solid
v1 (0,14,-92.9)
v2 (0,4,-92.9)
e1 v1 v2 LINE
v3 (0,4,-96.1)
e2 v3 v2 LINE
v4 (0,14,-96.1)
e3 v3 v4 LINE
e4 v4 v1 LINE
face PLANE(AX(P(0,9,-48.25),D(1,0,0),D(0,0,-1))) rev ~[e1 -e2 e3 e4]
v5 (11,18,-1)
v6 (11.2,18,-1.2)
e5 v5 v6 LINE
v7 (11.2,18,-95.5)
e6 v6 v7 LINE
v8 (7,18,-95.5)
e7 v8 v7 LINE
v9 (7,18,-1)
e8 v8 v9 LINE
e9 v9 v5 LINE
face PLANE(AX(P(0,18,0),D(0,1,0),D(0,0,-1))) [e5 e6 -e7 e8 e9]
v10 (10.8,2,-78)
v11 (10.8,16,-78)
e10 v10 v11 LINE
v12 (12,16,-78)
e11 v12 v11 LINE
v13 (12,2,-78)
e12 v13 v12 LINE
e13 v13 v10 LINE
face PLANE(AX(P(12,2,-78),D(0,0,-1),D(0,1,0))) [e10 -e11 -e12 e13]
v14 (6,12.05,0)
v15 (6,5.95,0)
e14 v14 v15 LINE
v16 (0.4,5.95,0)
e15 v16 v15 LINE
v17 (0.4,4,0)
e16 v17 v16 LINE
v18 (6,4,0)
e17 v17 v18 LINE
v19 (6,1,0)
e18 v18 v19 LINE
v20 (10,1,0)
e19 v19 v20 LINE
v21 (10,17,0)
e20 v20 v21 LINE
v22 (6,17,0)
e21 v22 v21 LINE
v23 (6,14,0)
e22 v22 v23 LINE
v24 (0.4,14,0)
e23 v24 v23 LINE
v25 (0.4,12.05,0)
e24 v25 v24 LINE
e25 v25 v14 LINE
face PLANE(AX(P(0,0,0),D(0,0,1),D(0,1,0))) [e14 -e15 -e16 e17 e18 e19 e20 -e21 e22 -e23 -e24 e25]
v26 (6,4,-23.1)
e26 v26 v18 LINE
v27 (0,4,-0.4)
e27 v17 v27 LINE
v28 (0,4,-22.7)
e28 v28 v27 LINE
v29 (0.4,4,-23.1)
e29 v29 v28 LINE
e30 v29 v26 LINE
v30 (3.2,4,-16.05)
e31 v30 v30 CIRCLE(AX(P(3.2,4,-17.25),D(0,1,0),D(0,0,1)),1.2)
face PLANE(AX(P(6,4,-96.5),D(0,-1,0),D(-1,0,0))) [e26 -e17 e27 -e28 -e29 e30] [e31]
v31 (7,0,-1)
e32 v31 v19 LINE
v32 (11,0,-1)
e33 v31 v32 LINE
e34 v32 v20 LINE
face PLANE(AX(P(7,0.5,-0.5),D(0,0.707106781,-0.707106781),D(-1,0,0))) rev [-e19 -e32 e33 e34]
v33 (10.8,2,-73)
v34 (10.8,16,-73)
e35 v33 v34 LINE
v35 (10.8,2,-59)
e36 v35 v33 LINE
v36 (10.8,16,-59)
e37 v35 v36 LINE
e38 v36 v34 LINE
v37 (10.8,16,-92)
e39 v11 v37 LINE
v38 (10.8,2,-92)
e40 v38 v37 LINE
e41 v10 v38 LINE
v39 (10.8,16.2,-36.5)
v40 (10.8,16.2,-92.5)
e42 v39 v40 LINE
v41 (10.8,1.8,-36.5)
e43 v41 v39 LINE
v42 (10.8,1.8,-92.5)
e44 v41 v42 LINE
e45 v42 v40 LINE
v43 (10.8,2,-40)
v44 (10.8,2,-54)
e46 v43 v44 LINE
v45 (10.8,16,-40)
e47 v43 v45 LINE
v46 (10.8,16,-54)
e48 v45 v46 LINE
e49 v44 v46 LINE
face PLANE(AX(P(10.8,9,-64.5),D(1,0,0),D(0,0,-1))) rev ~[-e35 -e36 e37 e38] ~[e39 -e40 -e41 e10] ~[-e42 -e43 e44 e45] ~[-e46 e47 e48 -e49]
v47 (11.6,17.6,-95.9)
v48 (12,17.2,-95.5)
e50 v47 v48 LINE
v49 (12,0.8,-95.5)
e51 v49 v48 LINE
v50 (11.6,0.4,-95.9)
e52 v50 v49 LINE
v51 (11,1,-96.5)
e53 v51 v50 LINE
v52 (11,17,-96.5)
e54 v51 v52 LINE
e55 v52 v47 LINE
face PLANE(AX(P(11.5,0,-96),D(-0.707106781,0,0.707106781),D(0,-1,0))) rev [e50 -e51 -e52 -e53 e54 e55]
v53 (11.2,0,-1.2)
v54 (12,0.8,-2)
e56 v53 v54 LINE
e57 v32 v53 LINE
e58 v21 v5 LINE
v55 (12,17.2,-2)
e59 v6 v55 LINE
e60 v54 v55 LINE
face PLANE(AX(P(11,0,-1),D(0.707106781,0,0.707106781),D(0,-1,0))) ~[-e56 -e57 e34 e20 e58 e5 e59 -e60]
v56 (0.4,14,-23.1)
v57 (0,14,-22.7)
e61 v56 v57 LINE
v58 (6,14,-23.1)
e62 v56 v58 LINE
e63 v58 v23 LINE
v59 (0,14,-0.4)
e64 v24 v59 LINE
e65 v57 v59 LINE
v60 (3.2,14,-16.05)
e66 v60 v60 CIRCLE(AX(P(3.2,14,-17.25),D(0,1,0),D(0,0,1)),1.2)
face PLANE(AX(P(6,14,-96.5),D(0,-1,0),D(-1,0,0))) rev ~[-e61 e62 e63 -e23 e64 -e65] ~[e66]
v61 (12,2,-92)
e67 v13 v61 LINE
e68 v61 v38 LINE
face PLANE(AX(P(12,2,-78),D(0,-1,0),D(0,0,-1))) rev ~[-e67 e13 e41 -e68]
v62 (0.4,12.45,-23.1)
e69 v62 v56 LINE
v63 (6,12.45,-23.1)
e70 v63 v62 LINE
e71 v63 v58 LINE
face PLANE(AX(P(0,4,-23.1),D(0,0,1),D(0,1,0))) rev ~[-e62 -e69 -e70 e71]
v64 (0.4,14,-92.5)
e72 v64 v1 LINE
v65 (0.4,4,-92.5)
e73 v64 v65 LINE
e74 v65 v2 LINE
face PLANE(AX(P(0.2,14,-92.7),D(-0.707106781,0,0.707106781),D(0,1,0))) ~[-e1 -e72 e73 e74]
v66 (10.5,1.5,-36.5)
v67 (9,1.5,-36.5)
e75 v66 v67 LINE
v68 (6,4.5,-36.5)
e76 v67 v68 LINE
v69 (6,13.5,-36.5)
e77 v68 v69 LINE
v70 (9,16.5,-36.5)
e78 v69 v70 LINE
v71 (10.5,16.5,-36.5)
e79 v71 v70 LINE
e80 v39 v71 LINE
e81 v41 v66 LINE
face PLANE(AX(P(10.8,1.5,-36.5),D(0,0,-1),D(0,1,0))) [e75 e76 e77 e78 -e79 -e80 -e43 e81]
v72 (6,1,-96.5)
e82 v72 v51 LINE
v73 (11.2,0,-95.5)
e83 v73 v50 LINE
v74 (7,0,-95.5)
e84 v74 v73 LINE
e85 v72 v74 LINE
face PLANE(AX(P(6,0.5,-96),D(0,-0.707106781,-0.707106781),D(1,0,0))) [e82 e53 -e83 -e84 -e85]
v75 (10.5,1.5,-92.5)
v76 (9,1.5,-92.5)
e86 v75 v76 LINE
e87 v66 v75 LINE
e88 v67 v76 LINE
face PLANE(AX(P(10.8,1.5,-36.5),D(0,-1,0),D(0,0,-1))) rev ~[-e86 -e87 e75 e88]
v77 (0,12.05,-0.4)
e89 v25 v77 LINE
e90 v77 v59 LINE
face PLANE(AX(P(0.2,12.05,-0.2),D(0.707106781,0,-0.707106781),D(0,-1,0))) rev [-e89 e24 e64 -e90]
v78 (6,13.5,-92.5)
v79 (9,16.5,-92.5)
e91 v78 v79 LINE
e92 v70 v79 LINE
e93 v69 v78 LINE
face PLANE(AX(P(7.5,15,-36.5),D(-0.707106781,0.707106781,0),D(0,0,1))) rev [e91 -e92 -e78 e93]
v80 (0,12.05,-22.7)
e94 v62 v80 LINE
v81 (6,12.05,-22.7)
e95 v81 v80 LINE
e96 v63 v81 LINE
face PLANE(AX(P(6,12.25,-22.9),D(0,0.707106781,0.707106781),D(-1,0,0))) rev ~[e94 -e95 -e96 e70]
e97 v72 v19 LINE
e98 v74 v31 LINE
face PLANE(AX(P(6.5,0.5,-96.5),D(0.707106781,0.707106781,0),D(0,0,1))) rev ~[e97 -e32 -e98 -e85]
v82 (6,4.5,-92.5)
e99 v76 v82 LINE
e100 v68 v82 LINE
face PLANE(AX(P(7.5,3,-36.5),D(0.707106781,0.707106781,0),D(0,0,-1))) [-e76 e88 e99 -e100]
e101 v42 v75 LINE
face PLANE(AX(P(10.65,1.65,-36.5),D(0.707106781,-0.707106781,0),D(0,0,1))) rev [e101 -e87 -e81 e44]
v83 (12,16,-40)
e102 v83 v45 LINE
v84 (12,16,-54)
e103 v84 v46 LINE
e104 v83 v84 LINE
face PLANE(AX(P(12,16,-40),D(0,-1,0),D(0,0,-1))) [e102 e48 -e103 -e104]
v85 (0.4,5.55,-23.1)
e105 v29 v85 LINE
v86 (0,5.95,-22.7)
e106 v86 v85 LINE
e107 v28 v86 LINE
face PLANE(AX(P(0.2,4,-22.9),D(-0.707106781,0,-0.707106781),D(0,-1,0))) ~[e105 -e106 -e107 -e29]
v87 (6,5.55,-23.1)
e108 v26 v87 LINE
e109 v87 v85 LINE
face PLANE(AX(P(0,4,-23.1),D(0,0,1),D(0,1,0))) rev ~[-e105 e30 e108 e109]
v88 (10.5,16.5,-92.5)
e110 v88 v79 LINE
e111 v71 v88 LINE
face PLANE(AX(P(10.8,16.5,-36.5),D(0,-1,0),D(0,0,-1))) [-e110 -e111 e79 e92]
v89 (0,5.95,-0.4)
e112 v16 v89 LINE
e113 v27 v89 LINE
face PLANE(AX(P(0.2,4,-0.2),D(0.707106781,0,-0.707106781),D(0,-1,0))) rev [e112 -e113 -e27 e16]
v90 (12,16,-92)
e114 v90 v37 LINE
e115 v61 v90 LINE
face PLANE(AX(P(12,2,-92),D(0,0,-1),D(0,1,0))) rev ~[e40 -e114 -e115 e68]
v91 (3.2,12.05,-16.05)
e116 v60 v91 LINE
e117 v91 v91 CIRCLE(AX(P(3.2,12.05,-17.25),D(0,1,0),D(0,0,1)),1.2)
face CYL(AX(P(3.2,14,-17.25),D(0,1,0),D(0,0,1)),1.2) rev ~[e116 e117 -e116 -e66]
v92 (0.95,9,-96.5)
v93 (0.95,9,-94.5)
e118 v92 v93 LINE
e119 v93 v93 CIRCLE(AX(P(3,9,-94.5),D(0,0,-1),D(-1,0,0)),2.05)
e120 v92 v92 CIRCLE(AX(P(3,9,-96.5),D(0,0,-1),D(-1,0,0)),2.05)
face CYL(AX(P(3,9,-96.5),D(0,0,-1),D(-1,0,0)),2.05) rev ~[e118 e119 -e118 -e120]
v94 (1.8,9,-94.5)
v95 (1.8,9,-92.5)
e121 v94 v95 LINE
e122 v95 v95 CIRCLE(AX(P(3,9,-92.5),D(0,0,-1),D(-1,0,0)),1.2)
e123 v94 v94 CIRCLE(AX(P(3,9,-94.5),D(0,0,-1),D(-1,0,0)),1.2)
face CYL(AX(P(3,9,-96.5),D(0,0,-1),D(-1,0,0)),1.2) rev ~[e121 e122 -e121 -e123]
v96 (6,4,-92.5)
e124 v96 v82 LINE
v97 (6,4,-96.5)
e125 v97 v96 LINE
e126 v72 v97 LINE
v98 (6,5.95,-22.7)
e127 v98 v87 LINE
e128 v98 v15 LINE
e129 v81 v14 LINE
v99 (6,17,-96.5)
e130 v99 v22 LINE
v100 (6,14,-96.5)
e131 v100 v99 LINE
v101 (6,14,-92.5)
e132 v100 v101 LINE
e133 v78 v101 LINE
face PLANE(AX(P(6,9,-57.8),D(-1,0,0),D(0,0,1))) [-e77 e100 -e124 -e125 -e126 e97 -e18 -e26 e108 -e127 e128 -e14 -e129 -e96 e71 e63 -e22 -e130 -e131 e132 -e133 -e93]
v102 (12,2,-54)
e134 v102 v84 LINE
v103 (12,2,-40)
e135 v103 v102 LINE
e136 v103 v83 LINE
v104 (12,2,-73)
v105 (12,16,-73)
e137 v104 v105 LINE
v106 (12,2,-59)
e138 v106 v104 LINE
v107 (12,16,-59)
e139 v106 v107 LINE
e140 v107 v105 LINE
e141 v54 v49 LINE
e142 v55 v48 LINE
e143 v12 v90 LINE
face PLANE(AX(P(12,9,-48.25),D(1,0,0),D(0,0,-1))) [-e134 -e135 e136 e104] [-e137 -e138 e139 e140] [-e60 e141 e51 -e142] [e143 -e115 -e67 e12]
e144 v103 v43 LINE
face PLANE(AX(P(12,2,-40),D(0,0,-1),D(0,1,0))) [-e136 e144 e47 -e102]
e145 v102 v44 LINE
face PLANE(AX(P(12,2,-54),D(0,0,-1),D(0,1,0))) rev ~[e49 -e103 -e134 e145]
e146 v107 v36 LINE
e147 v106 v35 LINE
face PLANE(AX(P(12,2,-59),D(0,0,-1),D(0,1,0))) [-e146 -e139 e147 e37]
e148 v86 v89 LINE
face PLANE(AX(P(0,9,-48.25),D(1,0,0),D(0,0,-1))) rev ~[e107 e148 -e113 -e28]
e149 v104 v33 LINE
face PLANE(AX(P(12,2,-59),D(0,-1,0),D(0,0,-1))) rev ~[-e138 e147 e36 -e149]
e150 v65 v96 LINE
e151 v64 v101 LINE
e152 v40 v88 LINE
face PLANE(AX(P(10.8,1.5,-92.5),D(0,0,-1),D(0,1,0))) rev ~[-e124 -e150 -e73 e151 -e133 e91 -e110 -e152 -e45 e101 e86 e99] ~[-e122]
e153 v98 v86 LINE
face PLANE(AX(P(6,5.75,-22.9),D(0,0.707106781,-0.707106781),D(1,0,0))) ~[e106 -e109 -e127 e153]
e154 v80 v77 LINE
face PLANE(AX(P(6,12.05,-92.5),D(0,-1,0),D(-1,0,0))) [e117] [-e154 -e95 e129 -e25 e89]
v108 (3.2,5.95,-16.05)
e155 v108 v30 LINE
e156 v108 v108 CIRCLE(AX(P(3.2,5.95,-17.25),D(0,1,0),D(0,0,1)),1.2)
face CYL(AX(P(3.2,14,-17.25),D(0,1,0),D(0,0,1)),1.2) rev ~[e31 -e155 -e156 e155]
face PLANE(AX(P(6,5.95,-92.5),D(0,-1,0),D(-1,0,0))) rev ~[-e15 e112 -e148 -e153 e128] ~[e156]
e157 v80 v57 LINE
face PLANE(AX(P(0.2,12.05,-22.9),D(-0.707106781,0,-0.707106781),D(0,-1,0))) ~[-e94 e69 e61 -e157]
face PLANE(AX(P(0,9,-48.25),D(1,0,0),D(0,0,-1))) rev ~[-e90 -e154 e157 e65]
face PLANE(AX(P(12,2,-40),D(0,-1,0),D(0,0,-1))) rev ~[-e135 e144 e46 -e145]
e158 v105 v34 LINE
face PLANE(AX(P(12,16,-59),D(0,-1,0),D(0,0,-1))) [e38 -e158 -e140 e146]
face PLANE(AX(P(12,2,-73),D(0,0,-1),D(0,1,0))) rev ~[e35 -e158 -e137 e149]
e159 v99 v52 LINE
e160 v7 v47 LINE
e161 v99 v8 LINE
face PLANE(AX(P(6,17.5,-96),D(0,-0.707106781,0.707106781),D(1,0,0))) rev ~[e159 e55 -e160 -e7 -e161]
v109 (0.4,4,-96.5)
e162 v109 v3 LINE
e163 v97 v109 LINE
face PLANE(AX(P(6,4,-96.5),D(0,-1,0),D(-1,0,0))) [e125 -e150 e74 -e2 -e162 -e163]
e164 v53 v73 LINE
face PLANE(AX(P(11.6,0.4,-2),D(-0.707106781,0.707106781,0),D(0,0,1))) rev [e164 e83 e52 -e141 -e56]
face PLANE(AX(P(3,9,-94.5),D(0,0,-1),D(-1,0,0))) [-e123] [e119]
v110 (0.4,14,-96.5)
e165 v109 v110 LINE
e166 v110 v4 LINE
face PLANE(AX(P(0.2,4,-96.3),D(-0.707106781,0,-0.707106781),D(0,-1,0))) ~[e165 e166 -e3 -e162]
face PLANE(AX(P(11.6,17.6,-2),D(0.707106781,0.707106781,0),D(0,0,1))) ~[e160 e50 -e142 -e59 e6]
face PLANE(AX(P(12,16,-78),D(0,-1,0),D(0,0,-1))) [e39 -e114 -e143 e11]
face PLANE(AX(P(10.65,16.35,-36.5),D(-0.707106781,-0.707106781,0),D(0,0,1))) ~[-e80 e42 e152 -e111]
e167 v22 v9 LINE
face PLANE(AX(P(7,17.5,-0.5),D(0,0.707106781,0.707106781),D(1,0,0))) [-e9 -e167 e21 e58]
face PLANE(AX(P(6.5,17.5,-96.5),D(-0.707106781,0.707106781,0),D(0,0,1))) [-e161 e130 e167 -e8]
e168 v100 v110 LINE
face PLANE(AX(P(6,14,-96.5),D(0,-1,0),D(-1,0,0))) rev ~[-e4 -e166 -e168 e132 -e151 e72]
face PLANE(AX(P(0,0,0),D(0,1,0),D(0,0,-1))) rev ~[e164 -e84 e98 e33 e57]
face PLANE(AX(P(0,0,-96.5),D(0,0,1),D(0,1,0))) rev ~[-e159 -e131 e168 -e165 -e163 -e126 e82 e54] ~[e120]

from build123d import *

# Parameters (mm, degrees)
SKETCH_2_W          = 96.5
SKETCH_2_H          = 18
EXTRUDE_1_DEPTH     = 12
SKETCH_3_W          = 14
SKETCH_3_H          = 14
CUT_EXTRUDE_1_DEPTH = 1.2
SKETCH_4_W          = 56
SKETCH_4_H          = 15
CUT_EXTRUDE_2_DEPTH = 4.8
CHAMFER_1_SIZE      = 0.3
CHAMFER_2_SIZE      = 3
SKETCH_6_W          = 6
SKETCH_6_H          = 4
CUT_EXTRUDE_3_DEPTH = 99.895146494
CUT_EXTRUDE_START   = -4
SKETCH_6_4_W        = 6
SKETCH_6_4_H        = 6.1
CUT_EXTRUDE_5_DEPTH = 95.895146494
SKETCH_7_W          = 69.4
SKETCH_7_H          = 10
CUT_EXTRUDE_4_DEPTH = 6
CHAMFER_3_SIZE      = 0.4
SKETCH_8_R          = 1.2
CUT_EXTRUDE_6_DEPTH = 99.245865053
SKETCH_9_R          = 2.05
CUT_EXTRUDE_7_DEPTH = 2
SKETCH_9_3_R        = 1.2
CUT_EXTRUDE_8_DEPTH = 99.895146494
CHAMFER_4_SIZE      = 1
CHAMFER_5_SIZE      = 2
CHAMFER_6_SIZE      = 0.8
CHAMFER_7_SIZE      = 1


with BuildPart() as part:
    # 草图2 → 凸台-拉伸1 (new body)
    with BuildSketch(Plane(origin=(0, 0, 0), x_dir=(0, 0, -1), z_dir=(1, 0, 0))):
        with Locations((48.25, 9)):
            Rectangle(SKETCH_2_W, SKETCH_2_H)
    extrude(amount=EXTRUDE_1_DEPTH)

    # 草图3 → 切除-拉伸1 (cut)
    with BuildSketch(Plane(origin=(12, 0, 0), x_dir=(0, 0, -1), z_dir=(1, 0, 0))):
        with Locations((85, 9)):
            Rectangle(SKETCH_3_W, SKETCH_3_H)
        with Locations((66, 9)):
            Rectangle(SKETCH_3_W, SKETCH_3_H)
        with Locations((47, 9)):
            Rectangle(SKETCH_3_W, SKETCH_3_H)
    extrude(amount=-CUT_EXTRUDE_1_DEPTH, mode=Mode.SUBTRACT)

    # 草图4 → 切除-拉伸2 (cut)
    with BuildSketch(Plane(origin=(10.8, 0, 0), x_dir=(0, 0, -1), z_dir=(1, 0, 0))):
        with Locations((64.5, 9)):
            Rectangle(SKETCH_4_W, SKETCH_4_H)
    extrude(amount=-CUT_EXTRUDE_2_DEPTH, mode=Mode.SUBTRACT)

    # 倒角1
    chamfer_1_edges = [part.edges().sort_by_distance(p)[0] for p in [
        (10.8, 1.5, -64.5),
        (10.8, 16.5, -64.5),
    ]]
    chamfer(chamfer_1_edges, length=CHAMFER_1_SIZE)

    # 倒角2
    chamfer_2_edges = [part.edges().sort_by_distance(p)[0] for p in [
        (6, 16.5, -64.5),
        (6, 1.5, -64.5),
    ]]
    chamfer(chamfer_2_edges, length=CHAMFER_2_SIZE)

    # 草图6 → 切除-拉伸3 (cut, through all)
    with BuildSketch(Plane(origin=(0, 0, -96.5), x_dir=(-1, 0, 0), z_dir=(0, 0, -1))):
        with Locations((-3, 16)):
            Rectangle(SKETCH_6_W, SKETCH_6_H)
        with Locations((-3, 2)):
            Rectangle(SKETCH_6_W, SKETCH_6_H)
    extrude(amount=-CUT_EXTRUDE_3_DEPTH, mode=Mode.SUBTRACT)

    # 草图6<4> → 切除-拉伸5 (cut, through all)
    with BuildSketch(Plane(origin=(0, 0, -96.5), x_dir=(-1, 0, 0), z_dir=(0, 0, -1)).offset(CUT_EXTRUDE_START)):
        with Locations((-3, 9)):
            Rectangle(SKETCH_6_4_W, SKETCH_6_4_H)
    extrude(amount=-CUT_EXTRUDE_5_DEPTH, mode=Mode.SUBTRACT)

    # 草图7 → 切除-拉伸4 (cut)
    with BuildSketch(Plane.ZY):
        with Locations((-57.8, 9)):
            Rectangle(SKETCH_7_W, SKETCH_7_H)
    extrude(amount=-CUT_EXTRUDE_4_DEPTH, mode=Mode.SUBTRACT)

    # 倒角3
    chamfer_3_edges = [part.edges().sort_by_distance(p)[0] for p in [
        (0, 4.975, 0),
        (0, 9, -92.5),
        (3, 12.05, -23.1),
        (0, 13.025, -23.1),
        (3, 5.95, -23.1),
        (0, 4.975, -23.1),
        (0, 13.025, 0),
        (0, 9, -96.5),
    ]]
    chamfer(chamfer_3_edges, length=CHAMFER_3_SIZE)

    # 草图8 → 切除-拉伸6 (cut, through all)
    with BuildSketch(Plane(origin=(0, 14, 0), x_dir=(1, 0, 0), z_dir=(0, 1, 0))):
        with Locations(Location((3.2, 17.25, 0), (0, 0, 270))):
            Circle(SKETCH_8_R)
    extrude(amount=-CUT_EXTRUDE_6_DEPTH, mode=Mode.SUBTRACT)

    # 草图9 → 切除-拉伸7 (cut)
    with BuildSketch(Plane(origin=(0, 0, -96.5), x_dir=(-1, 0, 0), z_dir=(0, 0, -1))):
        with Locations((-3, 9)):
            Circle(SKETCH_9_R)
    extrude(amount=-CUT_EXTRUDE_7_DEPTH, mode=Mode.SUBTRACT)

    # 草图9<3> → 切除-拉伸8 (cut, through all)
    with BuildSketch(Plane(origin=(0, 0, -96.5), x_dir=(-1, 0, 0), z_dir=(0, 0, -1))):
        with Locations((-3, 9)):
            Circle(SKETCH_9_3_R)
    extrude(amount=-CUT_EXTRUDE_8_DEPTH, mode=Mode.SUBTRACT)

    # 倒角4
    chamfer_4_edges = [part.edges().sort_by_distance(p)[0] for p in [
        (6, 18, -48.25),
        (6, 0, -48.25),
        (12, 9, -96.5),
        (9, 18, -96.5),
        (9, 0, -96.5),
    ]]
    chamfer(chamfer_4_edges, length=CHAMFER_4_SIZE)

    # 倒角5
    chamfer_5_edges = [part.edges().sort_by_distance(p)[0] for p in [
        (12, 9, 0),
    ]]
    chamfer(chamfer_5_edges, length=CHAMFER_5_SIZE)

    # 倒角6
    chamfer_6_edges = [part.edges().sort_by_distance(p)[0] for p in [
        (12, 18, -48.75),
        (12, 0, -48.75),
    ]]
    chamfer(chamfer_6_edges, length=CHAMFER_6_SIZE)

    # 倒角7
    chamfer_7_edges = [part.edges().sort_by_distance(p)[0] for p in [
        (8.5, 0, 0),
        (8.5, 18, 0),
    ]]
    chamfer(chamfer_7_edges, length=CHAMFER_7_SIZE)


solid = part.part
